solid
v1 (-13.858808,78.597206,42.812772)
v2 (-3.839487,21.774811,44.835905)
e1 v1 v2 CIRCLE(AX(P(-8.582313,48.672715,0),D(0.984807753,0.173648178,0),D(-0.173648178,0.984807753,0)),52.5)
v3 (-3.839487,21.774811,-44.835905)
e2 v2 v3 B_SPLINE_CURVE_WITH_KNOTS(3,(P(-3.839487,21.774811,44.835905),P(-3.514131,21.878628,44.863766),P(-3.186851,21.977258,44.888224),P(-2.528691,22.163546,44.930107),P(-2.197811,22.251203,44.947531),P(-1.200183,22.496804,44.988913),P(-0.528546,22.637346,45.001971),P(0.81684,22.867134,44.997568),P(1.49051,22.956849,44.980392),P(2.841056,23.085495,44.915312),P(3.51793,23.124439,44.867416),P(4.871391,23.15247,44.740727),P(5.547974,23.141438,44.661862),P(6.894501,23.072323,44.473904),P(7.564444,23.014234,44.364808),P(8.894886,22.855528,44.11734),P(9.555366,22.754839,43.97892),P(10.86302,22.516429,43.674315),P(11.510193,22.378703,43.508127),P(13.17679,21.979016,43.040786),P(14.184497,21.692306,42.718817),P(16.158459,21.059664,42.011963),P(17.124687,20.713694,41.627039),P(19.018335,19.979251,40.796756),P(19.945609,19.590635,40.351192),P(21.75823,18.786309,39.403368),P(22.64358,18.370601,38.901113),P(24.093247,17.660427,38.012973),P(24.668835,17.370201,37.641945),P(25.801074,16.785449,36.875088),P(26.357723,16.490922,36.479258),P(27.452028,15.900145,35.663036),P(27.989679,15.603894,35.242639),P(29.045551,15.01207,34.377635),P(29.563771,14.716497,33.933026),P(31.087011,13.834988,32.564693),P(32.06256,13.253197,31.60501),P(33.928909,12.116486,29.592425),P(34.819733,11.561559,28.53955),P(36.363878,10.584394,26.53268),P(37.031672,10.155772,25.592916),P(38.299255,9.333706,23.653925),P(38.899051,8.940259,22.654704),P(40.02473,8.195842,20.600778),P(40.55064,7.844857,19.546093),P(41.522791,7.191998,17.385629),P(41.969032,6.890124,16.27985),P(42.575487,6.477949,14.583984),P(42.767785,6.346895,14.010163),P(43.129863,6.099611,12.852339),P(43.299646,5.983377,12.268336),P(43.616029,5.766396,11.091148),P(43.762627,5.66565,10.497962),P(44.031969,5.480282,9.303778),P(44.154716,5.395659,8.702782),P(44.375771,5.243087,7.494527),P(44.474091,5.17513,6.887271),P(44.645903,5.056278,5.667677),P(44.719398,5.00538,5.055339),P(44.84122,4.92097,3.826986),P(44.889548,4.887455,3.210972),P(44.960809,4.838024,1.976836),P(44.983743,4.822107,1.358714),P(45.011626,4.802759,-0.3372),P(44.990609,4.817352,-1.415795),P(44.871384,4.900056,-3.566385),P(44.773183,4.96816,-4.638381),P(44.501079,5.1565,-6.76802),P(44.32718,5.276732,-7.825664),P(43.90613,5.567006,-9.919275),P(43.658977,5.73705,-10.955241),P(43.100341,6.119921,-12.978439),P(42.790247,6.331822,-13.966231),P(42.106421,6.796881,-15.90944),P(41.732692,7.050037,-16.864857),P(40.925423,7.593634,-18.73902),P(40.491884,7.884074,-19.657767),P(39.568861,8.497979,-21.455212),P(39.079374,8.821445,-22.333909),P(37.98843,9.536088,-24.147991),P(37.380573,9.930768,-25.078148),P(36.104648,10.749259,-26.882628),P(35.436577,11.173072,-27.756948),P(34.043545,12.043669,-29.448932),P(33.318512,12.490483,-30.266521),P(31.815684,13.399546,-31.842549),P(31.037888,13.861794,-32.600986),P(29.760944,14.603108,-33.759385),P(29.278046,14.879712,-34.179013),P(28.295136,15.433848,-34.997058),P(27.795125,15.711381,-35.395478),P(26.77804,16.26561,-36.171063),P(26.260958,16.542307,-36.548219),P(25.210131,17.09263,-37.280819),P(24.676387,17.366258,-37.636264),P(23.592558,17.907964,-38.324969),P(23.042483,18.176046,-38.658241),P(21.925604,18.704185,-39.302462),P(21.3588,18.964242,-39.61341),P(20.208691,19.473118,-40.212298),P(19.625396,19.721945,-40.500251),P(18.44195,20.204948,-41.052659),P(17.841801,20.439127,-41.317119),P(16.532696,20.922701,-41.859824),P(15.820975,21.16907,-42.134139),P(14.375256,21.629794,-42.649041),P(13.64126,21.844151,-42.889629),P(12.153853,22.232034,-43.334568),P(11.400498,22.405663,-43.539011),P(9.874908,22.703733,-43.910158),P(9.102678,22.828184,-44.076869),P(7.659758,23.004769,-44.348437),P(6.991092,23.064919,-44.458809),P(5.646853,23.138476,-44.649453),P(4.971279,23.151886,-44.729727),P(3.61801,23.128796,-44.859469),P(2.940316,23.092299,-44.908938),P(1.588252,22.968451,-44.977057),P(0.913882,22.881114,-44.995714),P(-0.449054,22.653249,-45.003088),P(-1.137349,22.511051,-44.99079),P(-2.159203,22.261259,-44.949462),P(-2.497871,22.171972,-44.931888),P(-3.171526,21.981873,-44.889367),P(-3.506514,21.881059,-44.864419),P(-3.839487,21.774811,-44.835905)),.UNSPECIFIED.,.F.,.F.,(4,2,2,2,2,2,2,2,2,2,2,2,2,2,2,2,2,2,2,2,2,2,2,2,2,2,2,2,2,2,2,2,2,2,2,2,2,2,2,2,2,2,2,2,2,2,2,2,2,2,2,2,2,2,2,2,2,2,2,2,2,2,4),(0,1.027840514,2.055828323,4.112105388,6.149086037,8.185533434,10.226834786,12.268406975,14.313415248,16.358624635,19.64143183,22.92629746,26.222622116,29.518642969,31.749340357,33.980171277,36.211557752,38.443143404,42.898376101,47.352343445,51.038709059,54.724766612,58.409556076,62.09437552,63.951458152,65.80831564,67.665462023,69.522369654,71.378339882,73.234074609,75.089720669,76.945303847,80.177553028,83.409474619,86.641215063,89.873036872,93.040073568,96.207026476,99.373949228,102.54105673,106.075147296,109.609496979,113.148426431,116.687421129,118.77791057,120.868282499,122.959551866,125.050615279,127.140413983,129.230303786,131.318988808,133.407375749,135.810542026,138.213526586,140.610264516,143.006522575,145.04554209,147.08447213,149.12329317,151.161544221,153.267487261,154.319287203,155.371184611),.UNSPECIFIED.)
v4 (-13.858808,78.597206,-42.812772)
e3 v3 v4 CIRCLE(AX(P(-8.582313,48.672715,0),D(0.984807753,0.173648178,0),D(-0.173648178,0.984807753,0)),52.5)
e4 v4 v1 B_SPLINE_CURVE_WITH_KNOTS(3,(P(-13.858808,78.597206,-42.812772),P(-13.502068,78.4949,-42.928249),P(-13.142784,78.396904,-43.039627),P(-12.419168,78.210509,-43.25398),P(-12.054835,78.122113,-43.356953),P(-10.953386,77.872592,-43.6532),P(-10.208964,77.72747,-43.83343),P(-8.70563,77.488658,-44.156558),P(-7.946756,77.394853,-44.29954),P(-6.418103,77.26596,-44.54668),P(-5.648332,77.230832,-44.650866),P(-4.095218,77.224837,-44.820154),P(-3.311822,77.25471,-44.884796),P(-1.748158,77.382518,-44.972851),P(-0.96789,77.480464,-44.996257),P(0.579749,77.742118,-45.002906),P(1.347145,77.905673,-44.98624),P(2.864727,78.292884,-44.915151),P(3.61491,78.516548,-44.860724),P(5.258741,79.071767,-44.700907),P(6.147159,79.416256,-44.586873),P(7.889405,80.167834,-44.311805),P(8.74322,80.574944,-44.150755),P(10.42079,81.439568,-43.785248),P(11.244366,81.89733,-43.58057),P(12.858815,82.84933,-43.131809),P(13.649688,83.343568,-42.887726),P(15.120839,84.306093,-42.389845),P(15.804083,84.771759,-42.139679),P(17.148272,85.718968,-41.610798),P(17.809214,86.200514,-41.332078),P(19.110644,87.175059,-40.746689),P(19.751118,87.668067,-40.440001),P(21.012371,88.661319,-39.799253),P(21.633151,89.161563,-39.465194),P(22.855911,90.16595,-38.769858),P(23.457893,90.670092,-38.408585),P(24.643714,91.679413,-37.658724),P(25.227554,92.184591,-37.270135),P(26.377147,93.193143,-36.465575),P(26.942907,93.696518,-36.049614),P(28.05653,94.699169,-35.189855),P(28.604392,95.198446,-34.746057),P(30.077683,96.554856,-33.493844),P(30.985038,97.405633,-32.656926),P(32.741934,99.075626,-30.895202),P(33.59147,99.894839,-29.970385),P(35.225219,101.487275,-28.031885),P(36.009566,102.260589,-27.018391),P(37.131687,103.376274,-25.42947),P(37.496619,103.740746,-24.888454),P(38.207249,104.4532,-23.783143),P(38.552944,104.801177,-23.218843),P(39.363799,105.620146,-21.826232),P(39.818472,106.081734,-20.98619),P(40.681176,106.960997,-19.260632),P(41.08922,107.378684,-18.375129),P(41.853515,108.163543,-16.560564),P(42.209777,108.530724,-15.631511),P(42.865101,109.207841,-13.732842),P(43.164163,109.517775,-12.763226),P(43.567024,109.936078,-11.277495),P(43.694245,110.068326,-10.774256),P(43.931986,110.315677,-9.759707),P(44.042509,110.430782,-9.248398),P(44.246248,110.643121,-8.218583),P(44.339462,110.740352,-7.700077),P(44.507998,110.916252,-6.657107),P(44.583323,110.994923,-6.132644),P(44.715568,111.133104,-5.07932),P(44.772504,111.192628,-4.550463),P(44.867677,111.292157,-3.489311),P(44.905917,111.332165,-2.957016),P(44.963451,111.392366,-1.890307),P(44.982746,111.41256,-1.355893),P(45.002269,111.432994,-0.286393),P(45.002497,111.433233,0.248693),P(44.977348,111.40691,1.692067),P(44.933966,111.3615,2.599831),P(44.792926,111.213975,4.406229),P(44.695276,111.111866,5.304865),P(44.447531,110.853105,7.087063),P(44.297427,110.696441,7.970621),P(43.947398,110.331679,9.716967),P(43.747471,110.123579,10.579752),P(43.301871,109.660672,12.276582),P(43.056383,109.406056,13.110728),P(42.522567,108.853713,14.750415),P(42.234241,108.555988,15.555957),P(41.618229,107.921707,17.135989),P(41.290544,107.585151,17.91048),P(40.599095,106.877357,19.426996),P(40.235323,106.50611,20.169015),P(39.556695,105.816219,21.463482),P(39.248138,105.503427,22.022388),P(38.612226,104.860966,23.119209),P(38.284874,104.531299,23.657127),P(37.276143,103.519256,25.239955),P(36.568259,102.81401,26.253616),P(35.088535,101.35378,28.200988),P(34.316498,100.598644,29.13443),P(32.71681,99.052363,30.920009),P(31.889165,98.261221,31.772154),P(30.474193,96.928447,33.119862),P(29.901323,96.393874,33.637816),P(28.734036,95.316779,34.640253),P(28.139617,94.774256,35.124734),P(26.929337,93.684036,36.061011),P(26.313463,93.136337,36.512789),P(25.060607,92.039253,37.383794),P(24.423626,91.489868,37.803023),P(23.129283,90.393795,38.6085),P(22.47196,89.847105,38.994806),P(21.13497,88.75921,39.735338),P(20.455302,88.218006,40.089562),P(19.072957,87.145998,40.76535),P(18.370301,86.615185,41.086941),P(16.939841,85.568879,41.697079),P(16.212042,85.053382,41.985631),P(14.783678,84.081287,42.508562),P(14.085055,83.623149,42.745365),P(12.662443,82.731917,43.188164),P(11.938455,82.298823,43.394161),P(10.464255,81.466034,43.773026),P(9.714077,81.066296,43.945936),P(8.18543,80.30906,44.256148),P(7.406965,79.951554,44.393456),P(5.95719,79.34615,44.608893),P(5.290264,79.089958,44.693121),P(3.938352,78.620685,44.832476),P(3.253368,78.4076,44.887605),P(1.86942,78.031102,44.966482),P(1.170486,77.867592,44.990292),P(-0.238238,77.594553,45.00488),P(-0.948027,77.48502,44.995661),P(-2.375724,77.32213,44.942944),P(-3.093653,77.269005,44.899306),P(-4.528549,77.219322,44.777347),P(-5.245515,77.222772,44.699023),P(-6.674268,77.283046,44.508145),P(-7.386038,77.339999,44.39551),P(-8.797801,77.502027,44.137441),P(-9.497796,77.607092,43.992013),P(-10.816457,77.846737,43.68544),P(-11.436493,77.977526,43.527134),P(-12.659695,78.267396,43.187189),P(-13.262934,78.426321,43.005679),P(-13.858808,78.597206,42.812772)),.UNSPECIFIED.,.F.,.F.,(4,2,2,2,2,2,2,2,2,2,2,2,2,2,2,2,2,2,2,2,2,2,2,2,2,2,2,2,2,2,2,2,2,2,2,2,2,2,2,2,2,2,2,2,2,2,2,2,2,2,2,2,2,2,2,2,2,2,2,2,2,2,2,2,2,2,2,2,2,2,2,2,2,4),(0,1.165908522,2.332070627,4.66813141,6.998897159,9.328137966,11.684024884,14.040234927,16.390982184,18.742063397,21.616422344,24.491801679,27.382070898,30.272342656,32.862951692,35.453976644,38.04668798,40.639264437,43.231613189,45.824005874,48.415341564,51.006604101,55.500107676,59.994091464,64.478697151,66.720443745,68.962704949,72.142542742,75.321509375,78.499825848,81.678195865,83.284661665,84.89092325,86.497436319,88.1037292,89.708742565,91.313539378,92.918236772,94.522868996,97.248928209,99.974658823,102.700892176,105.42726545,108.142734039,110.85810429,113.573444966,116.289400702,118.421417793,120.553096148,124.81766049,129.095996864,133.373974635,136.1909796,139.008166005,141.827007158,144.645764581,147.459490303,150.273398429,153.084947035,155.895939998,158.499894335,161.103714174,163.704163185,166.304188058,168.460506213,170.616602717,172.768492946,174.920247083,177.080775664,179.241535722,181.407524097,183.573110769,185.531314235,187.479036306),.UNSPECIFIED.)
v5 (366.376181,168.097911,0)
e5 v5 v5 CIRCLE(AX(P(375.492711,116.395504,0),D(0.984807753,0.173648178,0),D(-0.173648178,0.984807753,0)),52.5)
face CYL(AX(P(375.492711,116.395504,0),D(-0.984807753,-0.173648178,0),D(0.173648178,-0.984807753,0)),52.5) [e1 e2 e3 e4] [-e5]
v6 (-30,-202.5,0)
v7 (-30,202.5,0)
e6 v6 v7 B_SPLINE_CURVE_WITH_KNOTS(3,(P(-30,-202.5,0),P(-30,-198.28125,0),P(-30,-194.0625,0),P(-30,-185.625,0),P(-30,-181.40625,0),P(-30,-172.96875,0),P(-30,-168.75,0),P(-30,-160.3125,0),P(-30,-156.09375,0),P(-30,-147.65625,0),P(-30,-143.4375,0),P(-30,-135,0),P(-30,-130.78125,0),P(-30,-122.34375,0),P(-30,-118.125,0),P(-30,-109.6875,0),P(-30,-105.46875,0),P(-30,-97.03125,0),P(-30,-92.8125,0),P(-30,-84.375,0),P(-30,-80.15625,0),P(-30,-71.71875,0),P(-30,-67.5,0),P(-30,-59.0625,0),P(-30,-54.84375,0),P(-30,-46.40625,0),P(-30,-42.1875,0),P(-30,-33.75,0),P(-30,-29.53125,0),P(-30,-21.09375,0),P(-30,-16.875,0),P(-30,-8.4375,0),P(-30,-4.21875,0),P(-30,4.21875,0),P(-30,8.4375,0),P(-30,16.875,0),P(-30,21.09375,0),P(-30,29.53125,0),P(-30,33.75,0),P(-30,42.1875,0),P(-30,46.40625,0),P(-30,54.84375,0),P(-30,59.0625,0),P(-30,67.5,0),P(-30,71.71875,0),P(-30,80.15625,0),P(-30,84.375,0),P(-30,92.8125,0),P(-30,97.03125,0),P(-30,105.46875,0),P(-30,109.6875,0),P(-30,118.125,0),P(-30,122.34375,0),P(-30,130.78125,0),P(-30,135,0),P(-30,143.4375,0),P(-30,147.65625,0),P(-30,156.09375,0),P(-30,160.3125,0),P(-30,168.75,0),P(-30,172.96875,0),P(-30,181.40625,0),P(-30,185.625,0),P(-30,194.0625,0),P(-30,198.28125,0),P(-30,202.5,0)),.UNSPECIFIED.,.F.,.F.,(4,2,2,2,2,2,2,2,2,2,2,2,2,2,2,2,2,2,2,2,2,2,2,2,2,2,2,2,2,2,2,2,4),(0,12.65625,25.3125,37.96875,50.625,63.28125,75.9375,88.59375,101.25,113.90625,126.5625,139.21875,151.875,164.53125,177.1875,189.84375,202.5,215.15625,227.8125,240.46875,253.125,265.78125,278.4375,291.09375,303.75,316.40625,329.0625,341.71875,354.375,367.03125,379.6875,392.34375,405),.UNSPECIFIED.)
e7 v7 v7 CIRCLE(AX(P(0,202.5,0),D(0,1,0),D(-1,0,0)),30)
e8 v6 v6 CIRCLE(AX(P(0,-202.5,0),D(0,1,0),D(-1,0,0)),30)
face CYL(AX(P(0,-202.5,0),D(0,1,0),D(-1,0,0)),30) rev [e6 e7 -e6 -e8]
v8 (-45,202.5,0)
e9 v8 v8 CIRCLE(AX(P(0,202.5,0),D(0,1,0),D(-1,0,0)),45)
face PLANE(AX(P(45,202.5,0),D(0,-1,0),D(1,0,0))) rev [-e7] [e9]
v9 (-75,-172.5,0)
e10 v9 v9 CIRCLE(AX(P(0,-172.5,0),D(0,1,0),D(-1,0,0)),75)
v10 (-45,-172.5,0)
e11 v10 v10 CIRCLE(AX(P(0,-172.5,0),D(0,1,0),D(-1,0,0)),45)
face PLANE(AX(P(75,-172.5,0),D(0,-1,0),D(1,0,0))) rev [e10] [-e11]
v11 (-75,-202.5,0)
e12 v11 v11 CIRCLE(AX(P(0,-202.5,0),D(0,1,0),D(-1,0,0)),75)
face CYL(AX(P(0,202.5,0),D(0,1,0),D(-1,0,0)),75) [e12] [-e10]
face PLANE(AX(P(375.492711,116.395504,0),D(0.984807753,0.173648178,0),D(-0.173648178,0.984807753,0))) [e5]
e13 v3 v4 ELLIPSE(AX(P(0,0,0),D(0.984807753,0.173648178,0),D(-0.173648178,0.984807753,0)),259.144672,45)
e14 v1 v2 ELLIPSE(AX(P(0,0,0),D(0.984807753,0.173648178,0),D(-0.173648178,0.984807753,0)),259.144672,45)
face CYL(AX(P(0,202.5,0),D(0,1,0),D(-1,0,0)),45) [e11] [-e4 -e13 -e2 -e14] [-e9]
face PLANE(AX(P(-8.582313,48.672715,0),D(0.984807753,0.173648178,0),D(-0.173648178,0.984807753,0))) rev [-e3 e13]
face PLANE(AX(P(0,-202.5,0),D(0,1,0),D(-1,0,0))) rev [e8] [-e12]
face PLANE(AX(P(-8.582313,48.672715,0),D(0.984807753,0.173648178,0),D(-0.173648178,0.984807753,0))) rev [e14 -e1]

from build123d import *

# Parameters (mm, degrees)
SKETCH2_R           = 52.5
BOSS_EXTRUDE1_DEPTH = 390
SKETCH3_R           = 30
CUT_EXTRUDE1_DEPTH  = 564.537281534


with BuildPart() as part:
    # Sketch1 → Revolve1 (revolve)
    with BuildSketch(Plane.XY):
        Polygon((0, 202.5), (0, -202.5), (75, -202.5), (75, -172.5), (45, -172.5), (45, 202.5), align=None)
    revolve(axis=Axis((0, 202.5, 0), (0, -1, 0)))

    # Sketch2 → Boss-Extrude1 (add)
    with BuildSketch(Plane(origin=(0, 0, 0), x_dir=(0, 0, 1), z_dir=(0.984807753012208, 0.17364817766693072, 0))):
        with Locations((0, -49.423569985)):
            Circle(SKETCH2_R)
    extrude(amount=BOSS_EXTRUDE1_DEPTH)

    # Sketch3 → Cut-Extrude1 (cut, through all)
    with BuildSketch(Plane(origin=(0, 202.5, 0), x_dir=(1, 0, 0), z_dir=(0, 1, 0))):
        Circle(SKETCH3_R)
    extrude(amount=-CUT_EXTRUDE1_DEPTH, mode=Mode.SUBTRACT)


solid = part.part
